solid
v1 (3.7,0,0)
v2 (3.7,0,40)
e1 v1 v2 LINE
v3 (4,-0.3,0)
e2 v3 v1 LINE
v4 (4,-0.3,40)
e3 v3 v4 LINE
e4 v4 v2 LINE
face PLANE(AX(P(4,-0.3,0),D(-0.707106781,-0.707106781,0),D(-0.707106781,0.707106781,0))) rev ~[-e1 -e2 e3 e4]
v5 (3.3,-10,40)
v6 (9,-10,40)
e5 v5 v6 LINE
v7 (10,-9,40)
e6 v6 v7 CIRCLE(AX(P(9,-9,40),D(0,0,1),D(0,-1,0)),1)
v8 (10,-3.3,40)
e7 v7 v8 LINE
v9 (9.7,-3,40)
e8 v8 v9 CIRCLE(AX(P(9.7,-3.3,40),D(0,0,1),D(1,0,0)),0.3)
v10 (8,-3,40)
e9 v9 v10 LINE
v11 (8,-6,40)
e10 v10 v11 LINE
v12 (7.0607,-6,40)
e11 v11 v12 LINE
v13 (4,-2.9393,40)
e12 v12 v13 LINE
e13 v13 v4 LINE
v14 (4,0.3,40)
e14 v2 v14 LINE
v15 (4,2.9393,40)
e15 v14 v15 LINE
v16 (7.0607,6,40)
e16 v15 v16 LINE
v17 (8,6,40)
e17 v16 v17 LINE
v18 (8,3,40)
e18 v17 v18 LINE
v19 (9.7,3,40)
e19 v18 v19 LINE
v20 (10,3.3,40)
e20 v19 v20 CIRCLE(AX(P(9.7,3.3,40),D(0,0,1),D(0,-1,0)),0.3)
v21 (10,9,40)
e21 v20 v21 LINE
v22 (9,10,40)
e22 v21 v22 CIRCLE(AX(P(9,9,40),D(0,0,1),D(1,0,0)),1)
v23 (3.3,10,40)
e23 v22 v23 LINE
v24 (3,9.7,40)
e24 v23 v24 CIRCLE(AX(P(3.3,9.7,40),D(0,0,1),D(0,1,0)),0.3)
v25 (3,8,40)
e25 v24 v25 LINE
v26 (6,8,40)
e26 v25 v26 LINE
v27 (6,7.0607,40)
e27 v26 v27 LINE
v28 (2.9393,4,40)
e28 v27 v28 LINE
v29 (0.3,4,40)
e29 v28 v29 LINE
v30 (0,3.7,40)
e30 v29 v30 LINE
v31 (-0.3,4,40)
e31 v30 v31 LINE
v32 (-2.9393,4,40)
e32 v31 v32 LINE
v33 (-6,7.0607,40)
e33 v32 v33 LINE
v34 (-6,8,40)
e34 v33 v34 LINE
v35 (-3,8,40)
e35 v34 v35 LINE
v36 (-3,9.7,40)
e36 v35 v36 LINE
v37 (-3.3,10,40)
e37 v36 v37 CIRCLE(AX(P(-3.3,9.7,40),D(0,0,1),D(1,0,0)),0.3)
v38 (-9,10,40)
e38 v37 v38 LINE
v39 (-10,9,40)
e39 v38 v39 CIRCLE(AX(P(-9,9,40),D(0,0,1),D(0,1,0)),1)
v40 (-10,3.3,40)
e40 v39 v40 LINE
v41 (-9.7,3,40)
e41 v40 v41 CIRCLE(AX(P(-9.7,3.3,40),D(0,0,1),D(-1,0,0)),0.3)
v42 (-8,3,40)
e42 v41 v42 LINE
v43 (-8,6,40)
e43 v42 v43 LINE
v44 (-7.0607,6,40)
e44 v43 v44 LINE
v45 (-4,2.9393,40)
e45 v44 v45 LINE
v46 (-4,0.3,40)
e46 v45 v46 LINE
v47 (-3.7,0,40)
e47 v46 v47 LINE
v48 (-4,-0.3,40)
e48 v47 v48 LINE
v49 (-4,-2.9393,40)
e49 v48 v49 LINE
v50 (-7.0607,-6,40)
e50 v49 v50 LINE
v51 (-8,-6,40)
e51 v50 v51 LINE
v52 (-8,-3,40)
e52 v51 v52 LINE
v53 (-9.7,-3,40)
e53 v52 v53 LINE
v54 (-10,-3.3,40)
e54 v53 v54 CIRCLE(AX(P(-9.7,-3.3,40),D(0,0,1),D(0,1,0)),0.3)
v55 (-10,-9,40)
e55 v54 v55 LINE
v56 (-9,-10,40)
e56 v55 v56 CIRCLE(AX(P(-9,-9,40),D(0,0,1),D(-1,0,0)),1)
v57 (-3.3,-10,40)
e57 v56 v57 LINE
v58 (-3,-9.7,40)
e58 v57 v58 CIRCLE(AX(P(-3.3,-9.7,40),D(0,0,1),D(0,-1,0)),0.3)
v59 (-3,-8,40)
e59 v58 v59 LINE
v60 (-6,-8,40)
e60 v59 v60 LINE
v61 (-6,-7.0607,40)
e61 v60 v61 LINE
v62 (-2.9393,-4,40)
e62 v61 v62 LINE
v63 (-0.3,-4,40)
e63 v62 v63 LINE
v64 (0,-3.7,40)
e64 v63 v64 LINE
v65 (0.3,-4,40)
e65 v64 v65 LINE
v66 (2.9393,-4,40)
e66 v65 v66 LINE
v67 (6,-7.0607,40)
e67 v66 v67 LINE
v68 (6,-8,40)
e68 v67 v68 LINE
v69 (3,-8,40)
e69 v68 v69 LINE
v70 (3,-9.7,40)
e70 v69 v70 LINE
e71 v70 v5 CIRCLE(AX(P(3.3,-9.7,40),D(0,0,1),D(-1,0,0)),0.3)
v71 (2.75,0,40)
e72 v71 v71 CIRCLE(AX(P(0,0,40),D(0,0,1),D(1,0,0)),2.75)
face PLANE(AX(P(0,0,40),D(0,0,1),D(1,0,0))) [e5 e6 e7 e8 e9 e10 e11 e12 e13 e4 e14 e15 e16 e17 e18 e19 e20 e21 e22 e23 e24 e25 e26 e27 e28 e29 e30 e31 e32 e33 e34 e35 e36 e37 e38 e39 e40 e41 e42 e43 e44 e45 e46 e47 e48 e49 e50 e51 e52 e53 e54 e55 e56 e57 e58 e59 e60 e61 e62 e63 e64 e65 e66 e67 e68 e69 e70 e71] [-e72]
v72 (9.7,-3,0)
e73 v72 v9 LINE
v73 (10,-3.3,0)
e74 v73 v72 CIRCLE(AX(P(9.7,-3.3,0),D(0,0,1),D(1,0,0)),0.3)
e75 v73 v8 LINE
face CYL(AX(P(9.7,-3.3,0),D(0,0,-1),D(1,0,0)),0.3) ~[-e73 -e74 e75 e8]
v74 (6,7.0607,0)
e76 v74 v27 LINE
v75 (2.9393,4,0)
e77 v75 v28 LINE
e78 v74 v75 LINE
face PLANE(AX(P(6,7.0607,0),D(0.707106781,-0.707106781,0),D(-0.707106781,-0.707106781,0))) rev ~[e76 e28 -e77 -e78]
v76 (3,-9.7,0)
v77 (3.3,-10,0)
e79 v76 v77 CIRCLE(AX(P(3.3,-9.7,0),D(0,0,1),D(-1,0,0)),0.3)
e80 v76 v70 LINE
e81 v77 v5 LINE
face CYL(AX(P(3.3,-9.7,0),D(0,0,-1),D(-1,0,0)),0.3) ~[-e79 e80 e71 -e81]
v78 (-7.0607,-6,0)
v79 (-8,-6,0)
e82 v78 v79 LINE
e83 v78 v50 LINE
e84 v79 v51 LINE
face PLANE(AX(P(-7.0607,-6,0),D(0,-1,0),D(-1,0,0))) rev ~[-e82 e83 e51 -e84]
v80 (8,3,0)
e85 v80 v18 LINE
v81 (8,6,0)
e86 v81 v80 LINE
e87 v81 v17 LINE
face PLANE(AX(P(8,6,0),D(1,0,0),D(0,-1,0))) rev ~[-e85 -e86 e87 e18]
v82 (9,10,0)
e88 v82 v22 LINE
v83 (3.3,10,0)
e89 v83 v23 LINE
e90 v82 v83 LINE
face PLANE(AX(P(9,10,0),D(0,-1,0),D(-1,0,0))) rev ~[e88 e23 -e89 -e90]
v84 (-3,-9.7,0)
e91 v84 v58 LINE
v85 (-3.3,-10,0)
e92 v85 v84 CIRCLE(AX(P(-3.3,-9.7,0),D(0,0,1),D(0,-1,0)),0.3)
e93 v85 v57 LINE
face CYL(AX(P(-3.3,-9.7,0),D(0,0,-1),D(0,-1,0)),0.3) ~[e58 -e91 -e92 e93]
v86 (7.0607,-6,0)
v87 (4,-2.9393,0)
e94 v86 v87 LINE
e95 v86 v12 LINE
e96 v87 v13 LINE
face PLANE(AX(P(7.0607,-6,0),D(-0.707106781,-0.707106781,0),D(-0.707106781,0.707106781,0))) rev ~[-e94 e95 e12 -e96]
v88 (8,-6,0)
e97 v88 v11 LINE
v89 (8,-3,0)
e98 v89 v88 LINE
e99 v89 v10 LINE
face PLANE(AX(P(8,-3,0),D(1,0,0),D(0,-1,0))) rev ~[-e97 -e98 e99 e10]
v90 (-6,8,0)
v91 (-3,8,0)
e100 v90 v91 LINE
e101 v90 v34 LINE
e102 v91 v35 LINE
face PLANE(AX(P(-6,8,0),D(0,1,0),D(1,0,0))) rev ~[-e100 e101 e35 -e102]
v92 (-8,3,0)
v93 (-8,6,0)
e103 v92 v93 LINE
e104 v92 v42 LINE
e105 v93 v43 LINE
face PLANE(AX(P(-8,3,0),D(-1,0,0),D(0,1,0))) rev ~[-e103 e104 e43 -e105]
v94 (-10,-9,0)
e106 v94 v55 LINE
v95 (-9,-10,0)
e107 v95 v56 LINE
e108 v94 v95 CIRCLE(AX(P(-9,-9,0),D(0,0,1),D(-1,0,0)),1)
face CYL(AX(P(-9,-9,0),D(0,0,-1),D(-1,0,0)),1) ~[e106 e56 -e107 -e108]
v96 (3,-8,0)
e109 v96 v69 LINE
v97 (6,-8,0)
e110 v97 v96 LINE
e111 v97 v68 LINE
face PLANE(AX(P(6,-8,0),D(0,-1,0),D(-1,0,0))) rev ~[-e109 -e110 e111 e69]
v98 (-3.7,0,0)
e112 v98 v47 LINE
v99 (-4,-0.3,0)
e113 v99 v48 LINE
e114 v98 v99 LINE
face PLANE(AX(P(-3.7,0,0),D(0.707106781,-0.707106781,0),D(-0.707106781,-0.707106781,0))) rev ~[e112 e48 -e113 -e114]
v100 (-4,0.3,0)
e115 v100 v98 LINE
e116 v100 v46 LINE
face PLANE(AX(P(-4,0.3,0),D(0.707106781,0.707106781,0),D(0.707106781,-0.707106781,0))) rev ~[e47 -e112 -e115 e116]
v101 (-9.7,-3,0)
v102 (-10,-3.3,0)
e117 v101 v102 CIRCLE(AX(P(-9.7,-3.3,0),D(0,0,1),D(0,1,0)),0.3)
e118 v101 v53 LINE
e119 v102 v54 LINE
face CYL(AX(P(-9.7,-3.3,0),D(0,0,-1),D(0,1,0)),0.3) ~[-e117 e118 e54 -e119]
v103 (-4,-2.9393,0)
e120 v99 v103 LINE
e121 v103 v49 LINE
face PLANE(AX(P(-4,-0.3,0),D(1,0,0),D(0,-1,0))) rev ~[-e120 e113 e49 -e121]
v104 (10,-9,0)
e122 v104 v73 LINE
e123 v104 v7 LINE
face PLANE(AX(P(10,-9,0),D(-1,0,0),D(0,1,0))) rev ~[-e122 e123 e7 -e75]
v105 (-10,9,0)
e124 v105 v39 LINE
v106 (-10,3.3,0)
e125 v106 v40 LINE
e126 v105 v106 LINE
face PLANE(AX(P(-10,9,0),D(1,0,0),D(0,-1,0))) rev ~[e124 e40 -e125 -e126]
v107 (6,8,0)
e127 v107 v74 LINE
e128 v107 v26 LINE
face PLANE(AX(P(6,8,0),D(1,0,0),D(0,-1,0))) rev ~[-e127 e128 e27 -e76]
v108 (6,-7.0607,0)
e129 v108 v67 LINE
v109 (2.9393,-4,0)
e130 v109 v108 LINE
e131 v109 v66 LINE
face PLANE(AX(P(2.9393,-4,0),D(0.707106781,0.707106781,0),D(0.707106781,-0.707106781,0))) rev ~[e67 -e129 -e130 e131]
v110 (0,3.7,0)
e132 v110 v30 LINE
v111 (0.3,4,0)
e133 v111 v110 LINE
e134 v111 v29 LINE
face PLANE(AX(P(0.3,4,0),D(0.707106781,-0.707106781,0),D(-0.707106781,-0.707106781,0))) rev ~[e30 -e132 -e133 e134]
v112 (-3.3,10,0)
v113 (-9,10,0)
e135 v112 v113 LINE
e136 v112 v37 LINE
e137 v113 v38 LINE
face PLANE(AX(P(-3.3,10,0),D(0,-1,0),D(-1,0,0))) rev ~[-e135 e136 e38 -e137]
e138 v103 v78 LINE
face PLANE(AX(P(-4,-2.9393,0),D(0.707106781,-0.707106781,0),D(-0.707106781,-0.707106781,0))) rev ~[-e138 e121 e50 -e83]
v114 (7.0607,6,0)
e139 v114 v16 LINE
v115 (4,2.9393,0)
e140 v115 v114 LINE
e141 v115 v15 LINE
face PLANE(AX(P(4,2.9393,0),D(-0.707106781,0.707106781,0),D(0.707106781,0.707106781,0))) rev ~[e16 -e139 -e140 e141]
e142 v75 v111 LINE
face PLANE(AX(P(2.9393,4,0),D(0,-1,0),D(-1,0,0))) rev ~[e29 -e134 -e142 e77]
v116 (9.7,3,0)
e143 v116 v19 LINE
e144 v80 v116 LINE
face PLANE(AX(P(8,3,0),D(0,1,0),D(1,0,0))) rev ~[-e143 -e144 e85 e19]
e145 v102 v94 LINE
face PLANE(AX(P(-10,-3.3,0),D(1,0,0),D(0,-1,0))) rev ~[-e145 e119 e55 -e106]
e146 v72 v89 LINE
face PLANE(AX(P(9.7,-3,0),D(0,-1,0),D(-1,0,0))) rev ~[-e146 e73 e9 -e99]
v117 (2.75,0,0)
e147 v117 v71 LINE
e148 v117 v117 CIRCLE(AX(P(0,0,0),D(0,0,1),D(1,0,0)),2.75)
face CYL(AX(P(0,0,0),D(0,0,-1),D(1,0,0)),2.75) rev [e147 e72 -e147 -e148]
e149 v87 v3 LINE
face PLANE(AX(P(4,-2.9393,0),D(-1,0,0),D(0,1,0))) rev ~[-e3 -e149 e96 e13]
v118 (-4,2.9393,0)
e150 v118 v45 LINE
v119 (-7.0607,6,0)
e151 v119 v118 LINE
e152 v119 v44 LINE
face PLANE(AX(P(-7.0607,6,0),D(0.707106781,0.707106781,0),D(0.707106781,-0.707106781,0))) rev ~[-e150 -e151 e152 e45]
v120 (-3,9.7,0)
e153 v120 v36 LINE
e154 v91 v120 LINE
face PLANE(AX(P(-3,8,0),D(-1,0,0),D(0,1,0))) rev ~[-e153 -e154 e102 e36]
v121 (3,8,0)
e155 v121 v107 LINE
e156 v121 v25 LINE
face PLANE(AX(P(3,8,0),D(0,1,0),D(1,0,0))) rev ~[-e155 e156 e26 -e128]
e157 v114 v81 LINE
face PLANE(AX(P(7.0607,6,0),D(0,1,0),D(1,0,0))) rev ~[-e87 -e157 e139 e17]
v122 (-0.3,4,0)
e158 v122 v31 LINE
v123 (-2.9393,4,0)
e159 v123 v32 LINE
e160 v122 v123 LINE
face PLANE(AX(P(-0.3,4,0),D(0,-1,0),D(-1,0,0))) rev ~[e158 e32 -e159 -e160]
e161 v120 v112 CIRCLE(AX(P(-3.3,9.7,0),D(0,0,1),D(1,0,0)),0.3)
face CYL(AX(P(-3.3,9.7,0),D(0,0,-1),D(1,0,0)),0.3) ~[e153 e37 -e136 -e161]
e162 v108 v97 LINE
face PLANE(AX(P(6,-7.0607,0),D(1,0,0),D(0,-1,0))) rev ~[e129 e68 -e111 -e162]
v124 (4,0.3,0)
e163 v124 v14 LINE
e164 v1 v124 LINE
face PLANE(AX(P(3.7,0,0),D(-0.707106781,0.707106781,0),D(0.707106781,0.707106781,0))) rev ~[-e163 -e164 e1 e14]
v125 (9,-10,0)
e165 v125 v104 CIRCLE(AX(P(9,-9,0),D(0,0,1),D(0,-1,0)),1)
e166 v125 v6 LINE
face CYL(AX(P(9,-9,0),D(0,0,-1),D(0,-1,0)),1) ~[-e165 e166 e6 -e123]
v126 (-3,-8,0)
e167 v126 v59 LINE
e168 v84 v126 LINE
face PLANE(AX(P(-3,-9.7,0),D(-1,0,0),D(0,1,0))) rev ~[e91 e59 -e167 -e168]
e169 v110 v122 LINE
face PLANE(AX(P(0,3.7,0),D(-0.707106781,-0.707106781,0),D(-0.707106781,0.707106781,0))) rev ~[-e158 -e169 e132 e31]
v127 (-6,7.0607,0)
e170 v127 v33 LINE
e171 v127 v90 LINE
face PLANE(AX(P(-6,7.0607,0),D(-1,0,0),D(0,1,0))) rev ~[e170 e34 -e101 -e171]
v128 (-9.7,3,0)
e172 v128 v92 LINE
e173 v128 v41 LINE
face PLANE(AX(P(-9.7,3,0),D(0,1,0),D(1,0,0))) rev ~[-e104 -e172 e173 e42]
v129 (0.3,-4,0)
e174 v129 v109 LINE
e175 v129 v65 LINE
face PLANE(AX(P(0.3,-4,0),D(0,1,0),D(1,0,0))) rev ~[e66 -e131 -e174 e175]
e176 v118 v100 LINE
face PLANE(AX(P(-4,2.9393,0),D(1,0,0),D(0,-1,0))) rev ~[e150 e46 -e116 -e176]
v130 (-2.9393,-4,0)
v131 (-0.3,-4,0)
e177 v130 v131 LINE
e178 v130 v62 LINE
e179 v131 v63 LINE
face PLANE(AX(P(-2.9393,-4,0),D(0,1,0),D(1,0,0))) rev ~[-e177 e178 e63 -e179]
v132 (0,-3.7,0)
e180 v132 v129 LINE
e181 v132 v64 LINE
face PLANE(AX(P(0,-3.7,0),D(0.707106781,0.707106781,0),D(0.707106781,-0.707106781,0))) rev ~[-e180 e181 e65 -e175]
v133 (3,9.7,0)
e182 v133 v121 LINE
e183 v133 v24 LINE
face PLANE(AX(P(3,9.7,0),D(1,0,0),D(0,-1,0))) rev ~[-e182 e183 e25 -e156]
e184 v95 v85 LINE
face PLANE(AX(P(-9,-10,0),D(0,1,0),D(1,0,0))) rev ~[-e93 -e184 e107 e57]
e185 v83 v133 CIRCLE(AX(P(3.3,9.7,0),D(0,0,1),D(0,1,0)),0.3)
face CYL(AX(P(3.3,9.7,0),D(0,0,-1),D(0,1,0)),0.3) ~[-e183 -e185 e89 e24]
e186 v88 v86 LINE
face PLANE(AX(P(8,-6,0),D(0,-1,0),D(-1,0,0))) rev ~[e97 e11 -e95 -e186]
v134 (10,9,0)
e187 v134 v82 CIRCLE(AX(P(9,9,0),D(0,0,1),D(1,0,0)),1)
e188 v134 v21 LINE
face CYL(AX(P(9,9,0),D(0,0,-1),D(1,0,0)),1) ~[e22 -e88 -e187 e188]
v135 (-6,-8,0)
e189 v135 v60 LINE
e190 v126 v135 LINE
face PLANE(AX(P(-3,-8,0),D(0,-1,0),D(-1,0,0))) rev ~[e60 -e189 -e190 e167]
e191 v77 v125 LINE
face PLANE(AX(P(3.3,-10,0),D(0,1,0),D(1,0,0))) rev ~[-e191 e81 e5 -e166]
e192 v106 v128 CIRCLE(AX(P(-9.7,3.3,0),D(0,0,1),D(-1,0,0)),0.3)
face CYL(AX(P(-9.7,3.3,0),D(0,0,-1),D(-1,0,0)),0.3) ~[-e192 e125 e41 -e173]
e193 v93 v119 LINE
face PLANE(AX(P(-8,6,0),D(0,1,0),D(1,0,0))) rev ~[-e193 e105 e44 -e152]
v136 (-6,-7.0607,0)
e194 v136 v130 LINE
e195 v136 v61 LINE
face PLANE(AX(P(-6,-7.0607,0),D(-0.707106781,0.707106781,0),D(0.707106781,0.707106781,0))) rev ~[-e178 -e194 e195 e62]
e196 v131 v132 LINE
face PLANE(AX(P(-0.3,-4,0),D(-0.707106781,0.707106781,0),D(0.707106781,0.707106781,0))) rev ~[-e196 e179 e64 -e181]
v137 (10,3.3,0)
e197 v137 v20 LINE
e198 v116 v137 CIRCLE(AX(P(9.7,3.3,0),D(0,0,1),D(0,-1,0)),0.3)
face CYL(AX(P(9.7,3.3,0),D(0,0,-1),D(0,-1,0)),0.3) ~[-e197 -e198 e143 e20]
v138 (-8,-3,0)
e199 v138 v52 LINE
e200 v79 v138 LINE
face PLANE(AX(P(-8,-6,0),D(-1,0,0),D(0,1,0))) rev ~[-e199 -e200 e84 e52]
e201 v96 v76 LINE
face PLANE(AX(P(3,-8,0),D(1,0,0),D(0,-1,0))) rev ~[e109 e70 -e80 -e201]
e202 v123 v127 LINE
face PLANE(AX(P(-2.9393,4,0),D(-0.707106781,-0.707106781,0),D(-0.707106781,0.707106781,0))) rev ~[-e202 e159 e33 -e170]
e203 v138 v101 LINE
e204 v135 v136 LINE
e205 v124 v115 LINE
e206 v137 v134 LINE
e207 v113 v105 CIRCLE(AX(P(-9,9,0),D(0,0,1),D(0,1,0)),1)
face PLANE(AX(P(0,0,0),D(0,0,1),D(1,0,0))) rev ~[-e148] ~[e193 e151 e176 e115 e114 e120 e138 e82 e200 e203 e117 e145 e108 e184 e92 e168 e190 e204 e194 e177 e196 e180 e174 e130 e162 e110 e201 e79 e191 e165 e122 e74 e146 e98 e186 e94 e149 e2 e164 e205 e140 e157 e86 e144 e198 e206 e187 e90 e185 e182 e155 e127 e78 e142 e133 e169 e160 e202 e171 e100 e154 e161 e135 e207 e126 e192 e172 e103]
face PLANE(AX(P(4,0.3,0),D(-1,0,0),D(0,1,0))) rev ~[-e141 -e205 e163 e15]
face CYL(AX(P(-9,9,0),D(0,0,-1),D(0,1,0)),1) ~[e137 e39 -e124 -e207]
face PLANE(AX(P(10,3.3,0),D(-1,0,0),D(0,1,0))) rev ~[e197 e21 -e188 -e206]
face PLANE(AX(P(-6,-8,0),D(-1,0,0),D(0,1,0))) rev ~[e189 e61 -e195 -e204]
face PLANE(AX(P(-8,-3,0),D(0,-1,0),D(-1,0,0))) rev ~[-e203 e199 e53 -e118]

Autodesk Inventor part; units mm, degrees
ref_plane "Startebene" through (0, 0, 0) normal (0, 0, 1) x (1, 0, 0)
ref_plane "Endebene" through (0, 0, 320) normal (0, 0, 1) x (1, 0, 0)
ref_plane "Startebene1" through (0, 0, 0) normal (0, 0, 1) x (1, 0, 0)
ref_plane "Endebene1" through (0, 0, 40) normal (0, 0, 1) x (1, 0, 0)
ref_plane "Startebene2" through (0, 0, 0) normal (0, 0, 1) x (1, 0, 0)
ref_plane "Endebene2" through (0, 0, 40) normal (0, 0, 1) x (1, 0, 0)
ref_plane "Startebene3" through (0, 0, 0) normal (0, 0, 1) x (1, 0, 0)
ref_plane "Endebene3" through (0, 0, 40) normal (0, 0, 1) x (1, 0, 0)
sketch "Skizze" plane through (0, 0, 0) normal (0, 0, 1) x (1, 0, 0)
  line L0 (-10, 9) -> (-10, 3.3)
  arc A0 (-10, 3.3) -> (-9.7, 3) centre (-9.7, 3.3) ccw
  line L1 (-9.7, 3) -> (-8, 3)
  line L2 (-8, 3) -> (-8, 6)
  line L3 (-8, 6) -> (-7.0607, 6)
  line L4 (-7.0607, 6) -> (-4, 2.9393)
  line L5 (-4, 2.9393) -> (-4, 0.3)
  line L6 (-4, 0.3) -> (-3.7, 0)
  line L7 (-3.7, 0) -> (-4, -0.3)
  line L8 (-4, -0.3) -> (-4, -2.9393)
  line L9 (-4, -2.9393) -> (-7.0607, -6)
  line L10 (-7.0607, -6) -> (-8, -6)
  line L11 (-8, -6) -> (-8, -3)
  line L12 (-8, -3) -> (-9.7, -3)
  arc A1 (-9.7, -3) -> (-10, -3.3) centre (-9.7, -3.3) ccw
  line L13 (-10, -3.3) -> (-10, -9)
  arc A2 (-10, -9) -> (-9, -10) centre (-9, -9) ccw
  line L14 (-9, -10) -> (-3.3, -10)
  arc A3 (-3.3, -10) -> (-3, -9.7) centre (-3.3, -9.7) ccw
  line L15 (-3, -9.7) -> (-3, -8)
  line L16 (-3, -8) -> (-6, -8)
  line L17 (-6, -8) -> (-6, -7.0607)
  line L18 (-6, -7.0607) -> (-2.9393, -4)
  line L19 (-2.9393, -4) -> (-0.3, -4)
  line L20 (-0.3, -4) -> (0, -3.7)
  line L21 (0, -3.7) -> (0.3, -4)
  line L22 (0.3, -4) -> (2.9393, -4)
  line L23 (2.9393, -4) -> (6, -7.0607)
  line L24 (6, -7.0607) -> (6, -8)
  line L25 (6, -8) -> (3, -8)
  line L26 (3, -8) -> (3, -9.7)
  arc A4 (3, -9.7) -> (3.3, -10) centre (3.3, -9.7) ccw
  line L27 (3.3, -10) -> (9, -10)
  arc A5 (9, -10) -> (10, -9) centre (9, -9) ccw
  line L28 (10, -9) -> (10, -3.3)
  arc A6 (10, -3.3) -> (9.7, -3) centre (9.7, -3.3) ccw
  line L29 (9.7, -3) -> (8, -3)
  line L30 (8, -3) -> (8, -6)
  line L31 (8, -6) -> (7.0607, -6)
  line L32 (7.0607, -6) -> (4, -2.9393)
  line L33 (4, -2.9393) -> (4, -0.3)
  line L34 (4, -0.3) -> (3.7, 0)
  line L35 (3.7, 0) -> (4, 0.3)
  line L36 (4, 0.3) -> (4, 2.9393)
  line L37 (4, 2.9393) -> (7.0607, 6)
  line L38 (7.0607, 6) -> (8, 6)
  line L39 (8, 6) -> (8, 3)
  line L40 (8, 3) -> (9.7, 3)
  arc A7 (9.7, 3) -> (10, 3.3) centre (9.7, 3.3) ccw
  line L41 (10, 3.3) -> (10, 9)
  arc A8 (10, 9) -> (9, 10) centre (9, 9) ccw
  line L42 (9, 10) -> (3.3, 10)
  arc A9 (3.3, 10) -> (3, 9.7) centre (3.3, 9.7) ccw
  line L43 (3, 9.7) -> (3, 8)
  line L44 (3, 8) -> (6, 8)
  line L45 (6, 8) -> (6, 7.0607)
  line L46 (6, 7.0607) -> (2.9393, 4)
  line L47 (2.9393, 4) -> (0.3, 4)
  line L48 (0.3, 4) -> (0, 3.7)
  line L49 (0, 3.7) -> (-0.3, 4)
  line L50 (-0.3, 4) -> (-2.9393, 4)
  line L51 (-2.9393, 4) -> (-6, 7.0607)
  line L52 (-6, 7.0607) -> (-6, 8)
  line L53 (-6, 8) -> (-3, 8)
  line L54 (-3, 8) -> (-3, 9.7)
  arc A10 (-3, 9.7) -> (-3.3, 10) centre (-3.3, 9.7) ccw
  line L55 (-3.3, 10) -> (-9, 10)
  arc A11 (-9, 10) -> (-10, 9) centre (-9, 9) ccw
  circle A12 centre (0, 0) radius 2.75
  dimension "d2" = 5.5
  dimension "d3" = 10
  dimension "d4" = 10
  dimension "d5" = 5.7
  dimension "d6" = 5.7
  dimension "d7" = 1.7
  dimension "d8" = 3
  dimension "d9" = 0.3
  dimension "d10" = 90
  dimension "d11" = 45
  dimension "d12" = 45
  dimension "d13" = 45
  dimension "d14" = 90
  dimension "d15" = 90
  dimension "d16" = 45
  dimension "d17" = 45
  dimension "d18" = 45
  dimension "d19" = 45
  dimension "d20" = 90
  dimension "d21" = 90
  dimension "d22" = 45
  dimension "d23" = 45
  dimension "d24" = 90
  dimension "d25" = 90
  dimension "d26" = 90
  dimension "d27" = 90
  dimension "d28" = 90
  dimension "d29" = 90
  dimension "d30" = 90
  dimension "d31" = 90
  dimension "d32" = 90
  dimension "d33" = 90
  dimension "d34" = 90
  dimension "d35" = 90
  dimension "d36" = 90
  dimension "d37" = 90
  dimension "d38" = 90
  dimension "d39" = 4
  dimension "d40" = 6
  dimension "d41" = 13
  dimension "d42" = 14
  dimension "d43" = 16
  dimension "d44" = 18
  dimension "d45" = 3
  dimension "d46" = 9
  dimension "d47" = 7
  dimension "d48" = 1
  dimension "d49" = 7
  dimension "d50" = 1.5
  dimension "d51" = 1.8663
  dimension "d52" = 3.3663
  dimension "d53" = 1.5
  dimension "d54" = 1.8663
  dimension "d55" = 3.3663
  dimension "d56" = 4
  dimension "d57" = 10.8187
  dimension "d58" = 1.9092
  dimension "d59" = 5
  dimension "d60" = 13
  dimension "d61" = 13
  dimension "d62" = 16.0513
  dimension "d63" = 3.3234
  dimension "d64" = 14
  dimension "d65" = 12.685
extrude "Körper" add sketch "Skizze" along normal up to surface (40 mm away) from surface at 0
sketch "Skizze21" plane through (0, 0, 0) normal (0, 0, 1) x (1, 0, 0)
  line L0 (0, 0) -> (10, 0)
ref_plane "Arbeitsebene18" through (0, 0, 0) normal (0, -1, 0) x (1, 0, 0)
sketch "Skizze22" plane through (0, 0, 0) normal (0, -1, 0) x (1, 0, 0)
  line L0 (-14, 0) -> (14, 0)
  line L1 (-14, 40) -> (14, 40)
  dimension "d80" = 40
equation "\"G_OFFSET_START\" = 0"
equation "\"G_OFFSET_END\" = 0"
equation "\"G_L\" = d80"
equation "\"G_OFFSET_START1\" = 0"
equation "\"G_OFFSET_END1\" = 0"
equation "\"G_OFFSET_START2\" = 0"
equation "\"G_OFFSET_END2\" = 0"
equation "\"G_OFFSET_START3\" = 0"
equation "\"G_OFFSET_END3\" = 0"
properties part number "1654445758324"
